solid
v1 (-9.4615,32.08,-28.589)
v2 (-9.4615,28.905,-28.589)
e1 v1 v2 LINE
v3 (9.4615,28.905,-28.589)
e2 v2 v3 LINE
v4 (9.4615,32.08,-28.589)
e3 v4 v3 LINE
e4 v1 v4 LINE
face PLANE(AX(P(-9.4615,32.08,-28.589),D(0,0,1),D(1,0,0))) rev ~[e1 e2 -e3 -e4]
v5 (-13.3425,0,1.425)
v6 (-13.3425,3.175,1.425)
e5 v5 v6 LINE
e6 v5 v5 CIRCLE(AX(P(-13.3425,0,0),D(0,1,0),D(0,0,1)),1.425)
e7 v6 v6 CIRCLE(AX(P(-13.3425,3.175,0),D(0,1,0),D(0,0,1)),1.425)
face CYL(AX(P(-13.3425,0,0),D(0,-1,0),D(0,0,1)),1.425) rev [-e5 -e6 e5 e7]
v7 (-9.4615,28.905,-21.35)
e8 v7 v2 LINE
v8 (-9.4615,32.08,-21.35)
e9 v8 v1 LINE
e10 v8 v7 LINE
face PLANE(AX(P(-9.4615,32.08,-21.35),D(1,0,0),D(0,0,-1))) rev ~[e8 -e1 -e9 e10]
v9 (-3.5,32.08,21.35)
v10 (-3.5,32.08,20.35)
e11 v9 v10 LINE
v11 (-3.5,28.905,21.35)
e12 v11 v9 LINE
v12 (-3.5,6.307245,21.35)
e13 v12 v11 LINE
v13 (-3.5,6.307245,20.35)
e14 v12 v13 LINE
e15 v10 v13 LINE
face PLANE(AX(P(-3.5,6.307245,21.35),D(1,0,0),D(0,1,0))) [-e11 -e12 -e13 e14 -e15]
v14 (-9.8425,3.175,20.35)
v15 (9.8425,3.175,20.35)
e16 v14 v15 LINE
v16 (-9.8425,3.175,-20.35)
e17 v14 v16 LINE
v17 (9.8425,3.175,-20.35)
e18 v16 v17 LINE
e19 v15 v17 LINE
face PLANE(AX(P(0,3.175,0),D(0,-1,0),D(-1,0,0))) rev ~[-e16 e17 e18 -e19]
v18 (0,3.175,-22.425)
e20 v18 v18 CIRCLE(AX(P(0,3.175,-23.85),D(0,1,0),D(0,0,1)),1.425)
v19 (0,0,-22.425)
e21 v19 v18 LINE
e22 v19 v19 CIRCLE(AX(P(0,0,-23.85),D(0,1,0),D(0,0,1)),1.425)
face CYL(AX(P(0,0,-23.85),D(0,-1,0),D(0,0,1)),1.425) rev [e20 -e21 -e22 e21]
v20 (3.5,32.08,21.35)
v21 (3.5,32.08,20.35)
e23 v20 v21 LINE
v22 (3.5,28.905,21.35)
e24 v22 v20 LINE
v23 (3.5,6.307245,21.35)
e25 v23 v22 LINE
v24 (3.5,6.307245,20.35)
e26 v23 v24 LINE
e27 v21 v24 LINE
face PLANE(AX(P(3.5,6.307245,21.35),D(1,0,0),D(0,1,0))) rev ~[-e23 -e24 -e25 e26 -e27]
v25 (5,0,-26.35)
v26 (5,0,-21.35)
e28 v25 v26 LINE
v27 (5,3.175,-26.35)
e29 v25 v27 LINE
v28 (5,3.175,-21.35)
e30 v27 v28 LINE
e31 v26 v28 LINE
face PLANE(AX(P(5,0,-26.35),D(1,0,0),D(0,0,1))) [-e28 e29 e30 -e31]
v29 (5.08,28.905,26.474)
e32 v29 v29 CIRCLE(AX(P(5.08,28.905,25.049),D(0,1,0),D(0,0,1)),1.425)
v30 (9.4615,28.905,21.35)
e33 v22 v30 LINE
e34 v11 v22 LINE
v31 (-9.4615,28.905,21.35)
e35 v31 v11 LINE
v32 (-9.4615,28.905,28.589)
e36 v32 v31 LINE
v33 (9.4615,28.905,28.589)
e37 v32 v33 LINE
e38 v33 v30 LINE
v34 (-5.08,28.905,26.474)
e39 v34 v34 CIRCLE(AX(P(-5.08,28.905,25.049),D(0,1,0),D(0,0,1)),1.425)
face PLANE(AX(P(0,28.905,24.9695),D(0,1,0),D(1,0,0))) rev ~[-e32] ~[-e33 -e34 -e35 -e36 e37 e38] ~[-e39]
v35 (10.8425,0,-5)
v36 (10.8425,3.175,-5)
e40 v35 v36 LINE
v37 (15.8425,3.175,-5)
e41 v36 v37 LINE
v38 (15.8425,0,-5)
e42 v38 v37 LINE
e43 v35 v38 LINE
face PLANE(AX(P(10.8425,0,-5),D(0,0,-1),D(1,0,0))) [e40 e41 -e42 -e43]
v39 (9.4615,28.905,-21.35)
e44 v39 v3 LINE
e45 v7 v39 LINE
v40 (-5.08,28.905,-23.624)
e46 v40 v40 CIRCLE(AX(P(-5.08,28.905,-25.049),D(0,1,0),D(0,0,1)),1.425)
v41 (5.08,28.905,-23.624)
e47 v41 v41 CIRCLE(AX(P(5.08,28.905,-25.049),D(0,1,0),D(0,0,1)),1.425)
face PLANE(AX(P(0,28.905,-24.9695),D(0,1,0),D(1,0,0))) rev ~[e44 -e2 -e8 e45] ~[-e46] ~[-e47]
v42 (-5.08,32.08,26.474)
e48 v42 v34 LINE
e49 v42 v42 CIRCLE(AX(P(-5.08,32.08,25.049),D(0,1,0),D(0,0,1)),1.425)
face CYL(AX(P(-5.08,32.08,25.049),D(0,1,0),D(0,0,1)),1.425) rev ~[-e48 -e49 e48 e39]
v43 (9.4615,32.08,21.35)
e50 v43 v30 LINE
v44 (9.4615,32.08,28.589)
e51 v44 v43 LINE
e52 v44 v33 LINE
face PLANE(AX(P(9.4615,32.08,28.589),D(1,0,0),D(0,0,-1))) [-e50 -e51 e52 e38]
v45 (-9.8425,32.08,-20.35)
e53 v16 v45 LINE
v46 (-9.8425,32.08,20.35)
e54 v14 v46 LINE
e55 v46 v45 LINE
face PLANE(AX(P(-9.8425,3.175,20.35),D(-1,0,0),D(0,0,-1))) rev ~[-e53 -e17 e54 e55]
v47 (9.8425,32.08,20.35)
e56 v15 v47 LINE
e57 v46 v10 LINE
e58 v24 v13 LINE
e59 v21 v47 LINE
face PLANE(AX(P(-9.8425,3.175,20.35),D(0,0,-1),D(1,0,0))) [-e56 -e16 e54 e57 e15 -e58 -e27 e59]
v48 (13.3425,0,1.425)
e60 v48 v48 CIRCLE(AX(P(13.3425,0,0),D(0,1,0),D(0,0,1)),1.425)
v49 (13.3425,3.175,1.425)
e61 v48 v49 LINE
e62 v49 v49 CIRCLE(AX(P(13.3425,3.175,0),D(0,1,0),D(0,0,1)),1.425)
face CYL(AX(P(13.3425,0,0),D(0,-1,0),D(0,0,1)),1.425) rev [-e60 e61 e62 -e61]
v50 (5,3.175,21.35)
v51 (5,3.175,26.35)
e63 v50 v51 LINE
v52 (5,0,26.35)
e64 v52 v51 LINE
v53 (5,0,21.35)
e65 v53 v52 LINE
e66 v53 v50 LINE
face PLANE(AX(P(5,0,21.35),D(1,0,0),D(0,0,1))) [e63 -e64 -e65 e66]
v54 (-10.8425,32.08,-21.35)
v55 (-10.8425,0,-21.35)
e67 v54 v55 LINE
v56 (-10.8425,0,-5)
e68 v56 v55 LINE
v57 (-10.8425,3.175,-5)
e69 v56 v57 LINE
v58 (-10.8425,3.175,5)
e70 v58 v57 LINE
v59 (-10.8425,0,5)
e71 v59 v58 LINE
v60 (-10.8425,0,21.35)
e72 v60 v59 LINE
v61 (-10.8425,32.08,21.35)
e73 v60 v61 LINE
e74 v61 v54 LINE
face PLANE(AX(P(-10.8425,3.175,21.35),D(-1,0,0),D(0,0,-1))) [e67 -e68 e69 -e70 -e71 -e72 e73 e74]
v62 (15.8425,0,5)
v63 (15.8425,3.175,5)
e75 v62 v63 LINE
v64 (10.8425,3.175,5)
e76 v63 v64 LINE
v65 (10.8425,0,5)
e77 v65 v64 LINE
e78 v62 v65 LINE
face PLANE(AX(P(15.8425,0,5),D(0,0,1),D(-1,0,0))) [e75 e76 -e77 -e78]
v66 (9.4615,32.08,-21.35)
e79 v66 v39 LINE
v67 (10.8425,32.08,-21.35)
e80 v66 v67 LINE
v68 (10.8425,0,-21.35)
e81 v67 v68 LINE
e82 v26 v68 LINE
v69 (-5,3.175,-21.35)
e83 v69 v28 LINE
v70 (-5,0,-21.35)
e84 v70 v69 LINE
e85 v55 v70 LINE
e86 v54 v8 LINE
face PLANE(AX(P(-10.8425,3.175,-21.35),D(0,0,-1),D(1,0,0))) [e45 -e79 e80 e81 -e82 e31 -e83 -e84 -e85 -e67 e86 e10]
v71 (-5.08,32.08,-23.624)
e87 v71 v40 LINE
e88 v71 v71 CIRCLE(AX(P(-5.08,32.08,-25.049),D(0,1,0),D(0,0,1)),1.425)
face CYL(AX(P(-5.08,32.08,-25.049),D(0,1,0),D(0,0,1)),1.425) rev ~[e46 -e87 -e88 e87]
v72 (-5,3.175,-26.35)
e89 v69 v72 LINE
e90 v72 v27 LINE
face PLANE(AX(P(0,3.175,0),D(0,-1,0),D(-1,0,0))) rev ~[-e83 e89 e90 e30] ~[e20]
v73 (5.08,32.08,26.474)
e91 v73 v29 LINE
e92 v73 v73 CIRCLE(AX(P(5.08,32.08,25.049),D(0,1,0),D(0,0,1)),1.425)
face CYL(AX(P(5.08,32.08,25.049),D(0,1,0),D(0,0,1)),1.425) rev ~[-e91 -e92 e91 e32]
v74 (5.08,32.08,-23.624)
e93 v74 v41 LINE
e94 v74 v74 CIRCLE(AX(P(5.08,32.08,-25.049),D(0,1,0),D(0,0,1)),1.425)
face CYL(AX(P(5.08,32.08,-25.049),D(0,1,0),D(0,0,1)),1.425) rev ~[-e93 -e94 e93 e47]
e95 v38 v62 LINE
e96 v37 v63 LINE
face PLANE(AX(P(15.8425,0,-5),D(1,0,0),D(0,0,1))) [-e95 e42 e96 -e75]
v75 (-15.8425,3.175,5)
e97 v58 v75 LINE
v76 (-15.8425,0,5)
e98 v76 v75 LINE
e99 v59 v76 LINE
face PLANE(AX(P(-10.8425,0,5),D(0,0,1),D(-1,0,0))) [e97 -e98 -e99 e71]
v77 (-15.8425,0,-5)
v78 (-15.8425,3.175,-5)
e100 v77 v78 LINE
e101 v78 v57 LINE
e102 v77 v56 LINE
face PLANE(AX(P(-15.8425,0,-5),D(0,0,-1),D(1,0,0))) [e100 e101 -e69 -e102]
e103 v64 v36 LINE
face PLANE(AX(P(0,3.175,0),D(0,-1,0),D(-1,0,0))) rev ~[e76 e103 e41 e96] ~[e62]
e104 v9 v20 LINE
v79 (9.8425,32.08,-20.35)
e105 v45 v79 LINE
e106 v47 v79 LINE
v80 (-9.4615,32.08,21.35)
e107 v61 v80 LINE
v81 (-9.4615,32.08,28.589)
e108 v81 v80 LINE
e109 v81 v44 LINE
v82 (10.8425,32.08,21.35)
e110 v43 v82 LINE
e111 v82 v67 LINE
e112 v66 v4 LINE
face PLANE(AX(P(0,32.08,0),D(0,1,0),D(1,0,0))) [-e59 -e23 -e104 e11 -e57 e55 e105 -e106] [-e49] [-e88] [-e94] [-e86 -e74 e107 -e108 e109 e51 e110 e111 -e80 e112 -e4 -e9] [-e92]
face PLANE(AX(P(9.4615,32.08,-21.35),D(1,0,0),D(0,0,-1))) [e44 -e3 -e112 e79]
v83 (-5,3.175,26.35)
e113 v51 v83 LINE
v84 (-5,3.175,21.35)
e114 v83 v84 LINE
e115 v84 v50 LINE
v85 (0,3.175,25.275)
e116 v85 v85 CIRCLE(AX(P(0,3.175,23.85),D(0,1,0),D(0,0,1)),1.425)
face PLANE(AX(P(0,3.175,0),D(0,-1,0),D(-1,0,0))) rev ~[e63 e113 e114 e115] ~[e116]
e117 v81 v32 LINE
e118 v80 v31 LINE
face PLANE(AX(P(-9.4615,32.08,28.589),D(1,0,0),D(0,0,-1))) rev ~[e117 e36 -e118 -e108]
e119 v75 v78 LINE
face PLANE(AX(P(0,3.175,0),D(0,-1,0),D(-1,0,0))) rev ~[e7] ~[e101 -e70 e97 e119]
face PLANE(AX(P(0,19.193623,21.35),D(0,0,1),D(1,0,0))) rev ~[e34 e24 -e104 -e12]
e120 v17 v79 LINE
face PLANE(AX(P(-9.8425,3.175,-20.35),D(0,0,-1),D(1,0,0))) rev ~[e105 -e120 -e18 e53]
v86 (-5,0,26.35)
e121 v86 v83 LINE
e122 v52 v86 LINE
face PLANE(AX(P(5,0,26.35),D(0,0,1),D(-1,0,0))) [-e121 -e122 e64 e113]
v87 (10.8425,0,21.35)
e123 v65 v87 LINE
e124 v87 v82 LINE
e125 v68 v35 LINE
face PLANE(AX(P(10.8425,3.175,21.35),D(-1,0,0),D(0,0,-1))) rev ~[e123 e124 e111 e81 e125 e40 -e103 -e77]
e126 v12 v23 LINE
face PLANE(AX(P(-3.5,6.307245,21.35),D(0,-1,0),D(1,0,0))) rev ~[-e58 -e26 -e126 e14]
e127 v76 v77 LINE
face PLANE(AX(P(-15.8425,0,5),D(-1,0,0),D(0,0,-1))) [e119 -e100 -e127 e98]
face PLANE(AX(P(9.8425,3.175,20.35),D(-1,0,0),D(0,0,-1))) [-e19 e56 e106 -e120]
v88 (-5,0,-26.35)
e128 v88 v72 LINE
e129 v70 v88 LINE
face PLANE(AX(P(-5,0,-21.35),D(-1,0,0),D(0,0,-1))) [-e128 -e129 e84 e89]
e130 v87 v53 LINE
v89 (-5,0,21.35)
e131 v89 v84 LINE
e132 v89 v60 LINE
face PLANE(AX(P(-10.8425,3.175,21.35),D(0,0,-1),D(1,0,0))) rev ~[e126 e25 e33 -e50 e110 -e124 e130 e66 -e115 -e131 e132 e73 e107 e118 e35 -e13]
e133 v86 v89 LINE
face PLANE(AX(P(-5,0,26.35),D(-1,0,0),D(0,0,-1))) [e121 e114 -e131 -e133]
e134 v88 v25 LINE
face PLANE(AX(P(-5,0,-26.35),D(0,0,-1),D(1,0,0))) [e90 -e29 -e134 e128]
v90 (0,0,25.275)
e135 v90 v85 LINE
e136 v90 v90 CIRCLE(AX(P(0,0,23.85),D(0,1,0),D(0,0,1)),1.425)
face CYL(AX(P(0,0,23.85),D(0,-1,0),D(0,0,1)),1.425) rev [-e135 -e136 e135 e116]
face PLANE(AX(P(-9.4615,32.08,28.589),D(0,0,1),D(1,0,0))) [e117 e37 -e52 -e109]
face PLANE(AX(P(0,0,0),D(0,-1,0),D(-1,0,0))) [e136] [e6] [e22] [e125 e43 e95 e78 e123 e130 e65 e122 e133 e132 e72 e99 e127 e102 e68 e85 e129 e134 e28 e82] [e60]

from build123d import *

# Parameters (mm, degrees)
SKETCH1_R           = 1.425
BOSS_EXTRUDE1_DEPTH = 3.175
SKETCH2_W           = 21.685
SKETCH2_H           = 42.7
SKETCH2_W_2         = 19.685
SKETCH2_H_2         = 40.7
BOSS_EXTRUDE2_DEPTH = 28.905
SKETCH3_W           = 18.923
SKETCH3_H           = 7.239
SKETCH3_R           = 1.425
BOSS_EXTRUDE3_DEPTH = 3.175
SKETCH4_W           = 7
SKETCH4_H           = 25.77275476
CUT_EXTRUDE1_DEPTH  = 3.175


with BuildPart() as part:
    # Sketch1 → Boss-Extrude1 (new body)
    with BuildSketch(Plane(origin=(0, 0, 0), x_dir=(1, 0, 0), z_dir=(0, 1, 0))):
        Polygon((10.8425, -21.35), (5, -21.35), (5, -26.35), (-5, -26.35), (-5, -21.35), (-10.8425, -21.35), (-10.8425, -5), (-15.8425, -5), (-15.8425, 5), (-10.8425, 5), (-10.8425, 21.35), (-5, 21.35), (-5, 26.35), (5, 26.35), (5, 21.35), (10.8425, 21.35), (10.8425, 5), (15.8425, 5), (15.8425, -5), (10.8425, -5), align=None)
        with Locations(Location((0, 23.85, 0), (0, 0, 270))):
            Circle(SKETCH1_R, mode=Mode.SUBTRACT)
        with Locations(Location((-13.3425, 0, 0), (0, 0, 270))):
            Circle(SKETCH1_R, mode=Mode.SUBTRACT)
        with Locations(Location((13.3425, 0, 0), (0, 0, 270))):
            Circle(SKETCH1_R, mode=Mode.SUBTRACT)
        with Locations(Location((0, -23.85, 0), (0, 0, 270))):
            Circle(SKETCH1_R, mode=Mode.SUBTRACT)
    extrude(amount=BOSS_EXTRUDE1_DEPTH)

    # Sketch2 → Boss-Extrude2 (add)
    with BuildSketch(Plane(origin=(0, 3.175, 0), x_dir=(1, 0, 0), z_dir=(0, 1, 0))):
        Rectangle(SKETCH2_W, SKETCH2_H)
        Rectangle(SKETCH2_W_2, SKETCH2_H_2, mode=Mode.SUBTRACT)
    extrude(amount=BOSS_EXTRUDE2_DEPTH)

    # Sketch3 → Boss-Extrude3 (add)
    # profile 1 of 2: a face of its own
    with BuildSketch(Plane(origin=(0, 32.08, 0), x_dir=(1, 0, 0), z_dir=(0, 1, 0))):
        with Locations((0, 24.9695)):
            Rectangle(SKETCH3_W, SKETCH3_H)
        with Locations(Location((-5.08, 25.049, 0), (0, 0, 270))):
            Circle(SKETCH3_R, mode=Mode.SUBTRACT)
        with Locations(Location((5.08, 25.049, 0), (0, 0, 270))):
            Circle(SKETCH3_R, mode=Mode.SUBTRACT)
    # profile 2 of 2: a face of its own
    with BuildSketch(Plane(origin=(0, 32.08, 0), x_dir=(1, 0, 0), z_dir=(0, 1, 0))):
        with Locations((0, -24.9695)):
            Rectangle(SKETCH3_W, SKETCH3_H)
        with Locations(Location((-5.08, -25.049, 0), (0, 0, 270))):
            Circle(SKETCH3_R, mode=Mode.SUBTRACT)
        with Locations(Location((5.08, -25.049, 0), (0, 0, 270))):
            Circle(SKETCH3_R, mode=Mode.SUBTRACT)
    extrude(amount=-BOSS_EXTRUDE3_DEPTH)

    # Sketch4 → Cut-Extrude1 (cut)
    with BuildSketch(Plane.XY.offset(21.35)):
        with Locations((0, 19.19362262)):
            Rectangle(SKETCH4_W, SKETCH4_H)
    extrude(amount=-CUT_EXTRUDE1_DEPTH, mode=Mode.SUBTRACT)


solid = part.part
